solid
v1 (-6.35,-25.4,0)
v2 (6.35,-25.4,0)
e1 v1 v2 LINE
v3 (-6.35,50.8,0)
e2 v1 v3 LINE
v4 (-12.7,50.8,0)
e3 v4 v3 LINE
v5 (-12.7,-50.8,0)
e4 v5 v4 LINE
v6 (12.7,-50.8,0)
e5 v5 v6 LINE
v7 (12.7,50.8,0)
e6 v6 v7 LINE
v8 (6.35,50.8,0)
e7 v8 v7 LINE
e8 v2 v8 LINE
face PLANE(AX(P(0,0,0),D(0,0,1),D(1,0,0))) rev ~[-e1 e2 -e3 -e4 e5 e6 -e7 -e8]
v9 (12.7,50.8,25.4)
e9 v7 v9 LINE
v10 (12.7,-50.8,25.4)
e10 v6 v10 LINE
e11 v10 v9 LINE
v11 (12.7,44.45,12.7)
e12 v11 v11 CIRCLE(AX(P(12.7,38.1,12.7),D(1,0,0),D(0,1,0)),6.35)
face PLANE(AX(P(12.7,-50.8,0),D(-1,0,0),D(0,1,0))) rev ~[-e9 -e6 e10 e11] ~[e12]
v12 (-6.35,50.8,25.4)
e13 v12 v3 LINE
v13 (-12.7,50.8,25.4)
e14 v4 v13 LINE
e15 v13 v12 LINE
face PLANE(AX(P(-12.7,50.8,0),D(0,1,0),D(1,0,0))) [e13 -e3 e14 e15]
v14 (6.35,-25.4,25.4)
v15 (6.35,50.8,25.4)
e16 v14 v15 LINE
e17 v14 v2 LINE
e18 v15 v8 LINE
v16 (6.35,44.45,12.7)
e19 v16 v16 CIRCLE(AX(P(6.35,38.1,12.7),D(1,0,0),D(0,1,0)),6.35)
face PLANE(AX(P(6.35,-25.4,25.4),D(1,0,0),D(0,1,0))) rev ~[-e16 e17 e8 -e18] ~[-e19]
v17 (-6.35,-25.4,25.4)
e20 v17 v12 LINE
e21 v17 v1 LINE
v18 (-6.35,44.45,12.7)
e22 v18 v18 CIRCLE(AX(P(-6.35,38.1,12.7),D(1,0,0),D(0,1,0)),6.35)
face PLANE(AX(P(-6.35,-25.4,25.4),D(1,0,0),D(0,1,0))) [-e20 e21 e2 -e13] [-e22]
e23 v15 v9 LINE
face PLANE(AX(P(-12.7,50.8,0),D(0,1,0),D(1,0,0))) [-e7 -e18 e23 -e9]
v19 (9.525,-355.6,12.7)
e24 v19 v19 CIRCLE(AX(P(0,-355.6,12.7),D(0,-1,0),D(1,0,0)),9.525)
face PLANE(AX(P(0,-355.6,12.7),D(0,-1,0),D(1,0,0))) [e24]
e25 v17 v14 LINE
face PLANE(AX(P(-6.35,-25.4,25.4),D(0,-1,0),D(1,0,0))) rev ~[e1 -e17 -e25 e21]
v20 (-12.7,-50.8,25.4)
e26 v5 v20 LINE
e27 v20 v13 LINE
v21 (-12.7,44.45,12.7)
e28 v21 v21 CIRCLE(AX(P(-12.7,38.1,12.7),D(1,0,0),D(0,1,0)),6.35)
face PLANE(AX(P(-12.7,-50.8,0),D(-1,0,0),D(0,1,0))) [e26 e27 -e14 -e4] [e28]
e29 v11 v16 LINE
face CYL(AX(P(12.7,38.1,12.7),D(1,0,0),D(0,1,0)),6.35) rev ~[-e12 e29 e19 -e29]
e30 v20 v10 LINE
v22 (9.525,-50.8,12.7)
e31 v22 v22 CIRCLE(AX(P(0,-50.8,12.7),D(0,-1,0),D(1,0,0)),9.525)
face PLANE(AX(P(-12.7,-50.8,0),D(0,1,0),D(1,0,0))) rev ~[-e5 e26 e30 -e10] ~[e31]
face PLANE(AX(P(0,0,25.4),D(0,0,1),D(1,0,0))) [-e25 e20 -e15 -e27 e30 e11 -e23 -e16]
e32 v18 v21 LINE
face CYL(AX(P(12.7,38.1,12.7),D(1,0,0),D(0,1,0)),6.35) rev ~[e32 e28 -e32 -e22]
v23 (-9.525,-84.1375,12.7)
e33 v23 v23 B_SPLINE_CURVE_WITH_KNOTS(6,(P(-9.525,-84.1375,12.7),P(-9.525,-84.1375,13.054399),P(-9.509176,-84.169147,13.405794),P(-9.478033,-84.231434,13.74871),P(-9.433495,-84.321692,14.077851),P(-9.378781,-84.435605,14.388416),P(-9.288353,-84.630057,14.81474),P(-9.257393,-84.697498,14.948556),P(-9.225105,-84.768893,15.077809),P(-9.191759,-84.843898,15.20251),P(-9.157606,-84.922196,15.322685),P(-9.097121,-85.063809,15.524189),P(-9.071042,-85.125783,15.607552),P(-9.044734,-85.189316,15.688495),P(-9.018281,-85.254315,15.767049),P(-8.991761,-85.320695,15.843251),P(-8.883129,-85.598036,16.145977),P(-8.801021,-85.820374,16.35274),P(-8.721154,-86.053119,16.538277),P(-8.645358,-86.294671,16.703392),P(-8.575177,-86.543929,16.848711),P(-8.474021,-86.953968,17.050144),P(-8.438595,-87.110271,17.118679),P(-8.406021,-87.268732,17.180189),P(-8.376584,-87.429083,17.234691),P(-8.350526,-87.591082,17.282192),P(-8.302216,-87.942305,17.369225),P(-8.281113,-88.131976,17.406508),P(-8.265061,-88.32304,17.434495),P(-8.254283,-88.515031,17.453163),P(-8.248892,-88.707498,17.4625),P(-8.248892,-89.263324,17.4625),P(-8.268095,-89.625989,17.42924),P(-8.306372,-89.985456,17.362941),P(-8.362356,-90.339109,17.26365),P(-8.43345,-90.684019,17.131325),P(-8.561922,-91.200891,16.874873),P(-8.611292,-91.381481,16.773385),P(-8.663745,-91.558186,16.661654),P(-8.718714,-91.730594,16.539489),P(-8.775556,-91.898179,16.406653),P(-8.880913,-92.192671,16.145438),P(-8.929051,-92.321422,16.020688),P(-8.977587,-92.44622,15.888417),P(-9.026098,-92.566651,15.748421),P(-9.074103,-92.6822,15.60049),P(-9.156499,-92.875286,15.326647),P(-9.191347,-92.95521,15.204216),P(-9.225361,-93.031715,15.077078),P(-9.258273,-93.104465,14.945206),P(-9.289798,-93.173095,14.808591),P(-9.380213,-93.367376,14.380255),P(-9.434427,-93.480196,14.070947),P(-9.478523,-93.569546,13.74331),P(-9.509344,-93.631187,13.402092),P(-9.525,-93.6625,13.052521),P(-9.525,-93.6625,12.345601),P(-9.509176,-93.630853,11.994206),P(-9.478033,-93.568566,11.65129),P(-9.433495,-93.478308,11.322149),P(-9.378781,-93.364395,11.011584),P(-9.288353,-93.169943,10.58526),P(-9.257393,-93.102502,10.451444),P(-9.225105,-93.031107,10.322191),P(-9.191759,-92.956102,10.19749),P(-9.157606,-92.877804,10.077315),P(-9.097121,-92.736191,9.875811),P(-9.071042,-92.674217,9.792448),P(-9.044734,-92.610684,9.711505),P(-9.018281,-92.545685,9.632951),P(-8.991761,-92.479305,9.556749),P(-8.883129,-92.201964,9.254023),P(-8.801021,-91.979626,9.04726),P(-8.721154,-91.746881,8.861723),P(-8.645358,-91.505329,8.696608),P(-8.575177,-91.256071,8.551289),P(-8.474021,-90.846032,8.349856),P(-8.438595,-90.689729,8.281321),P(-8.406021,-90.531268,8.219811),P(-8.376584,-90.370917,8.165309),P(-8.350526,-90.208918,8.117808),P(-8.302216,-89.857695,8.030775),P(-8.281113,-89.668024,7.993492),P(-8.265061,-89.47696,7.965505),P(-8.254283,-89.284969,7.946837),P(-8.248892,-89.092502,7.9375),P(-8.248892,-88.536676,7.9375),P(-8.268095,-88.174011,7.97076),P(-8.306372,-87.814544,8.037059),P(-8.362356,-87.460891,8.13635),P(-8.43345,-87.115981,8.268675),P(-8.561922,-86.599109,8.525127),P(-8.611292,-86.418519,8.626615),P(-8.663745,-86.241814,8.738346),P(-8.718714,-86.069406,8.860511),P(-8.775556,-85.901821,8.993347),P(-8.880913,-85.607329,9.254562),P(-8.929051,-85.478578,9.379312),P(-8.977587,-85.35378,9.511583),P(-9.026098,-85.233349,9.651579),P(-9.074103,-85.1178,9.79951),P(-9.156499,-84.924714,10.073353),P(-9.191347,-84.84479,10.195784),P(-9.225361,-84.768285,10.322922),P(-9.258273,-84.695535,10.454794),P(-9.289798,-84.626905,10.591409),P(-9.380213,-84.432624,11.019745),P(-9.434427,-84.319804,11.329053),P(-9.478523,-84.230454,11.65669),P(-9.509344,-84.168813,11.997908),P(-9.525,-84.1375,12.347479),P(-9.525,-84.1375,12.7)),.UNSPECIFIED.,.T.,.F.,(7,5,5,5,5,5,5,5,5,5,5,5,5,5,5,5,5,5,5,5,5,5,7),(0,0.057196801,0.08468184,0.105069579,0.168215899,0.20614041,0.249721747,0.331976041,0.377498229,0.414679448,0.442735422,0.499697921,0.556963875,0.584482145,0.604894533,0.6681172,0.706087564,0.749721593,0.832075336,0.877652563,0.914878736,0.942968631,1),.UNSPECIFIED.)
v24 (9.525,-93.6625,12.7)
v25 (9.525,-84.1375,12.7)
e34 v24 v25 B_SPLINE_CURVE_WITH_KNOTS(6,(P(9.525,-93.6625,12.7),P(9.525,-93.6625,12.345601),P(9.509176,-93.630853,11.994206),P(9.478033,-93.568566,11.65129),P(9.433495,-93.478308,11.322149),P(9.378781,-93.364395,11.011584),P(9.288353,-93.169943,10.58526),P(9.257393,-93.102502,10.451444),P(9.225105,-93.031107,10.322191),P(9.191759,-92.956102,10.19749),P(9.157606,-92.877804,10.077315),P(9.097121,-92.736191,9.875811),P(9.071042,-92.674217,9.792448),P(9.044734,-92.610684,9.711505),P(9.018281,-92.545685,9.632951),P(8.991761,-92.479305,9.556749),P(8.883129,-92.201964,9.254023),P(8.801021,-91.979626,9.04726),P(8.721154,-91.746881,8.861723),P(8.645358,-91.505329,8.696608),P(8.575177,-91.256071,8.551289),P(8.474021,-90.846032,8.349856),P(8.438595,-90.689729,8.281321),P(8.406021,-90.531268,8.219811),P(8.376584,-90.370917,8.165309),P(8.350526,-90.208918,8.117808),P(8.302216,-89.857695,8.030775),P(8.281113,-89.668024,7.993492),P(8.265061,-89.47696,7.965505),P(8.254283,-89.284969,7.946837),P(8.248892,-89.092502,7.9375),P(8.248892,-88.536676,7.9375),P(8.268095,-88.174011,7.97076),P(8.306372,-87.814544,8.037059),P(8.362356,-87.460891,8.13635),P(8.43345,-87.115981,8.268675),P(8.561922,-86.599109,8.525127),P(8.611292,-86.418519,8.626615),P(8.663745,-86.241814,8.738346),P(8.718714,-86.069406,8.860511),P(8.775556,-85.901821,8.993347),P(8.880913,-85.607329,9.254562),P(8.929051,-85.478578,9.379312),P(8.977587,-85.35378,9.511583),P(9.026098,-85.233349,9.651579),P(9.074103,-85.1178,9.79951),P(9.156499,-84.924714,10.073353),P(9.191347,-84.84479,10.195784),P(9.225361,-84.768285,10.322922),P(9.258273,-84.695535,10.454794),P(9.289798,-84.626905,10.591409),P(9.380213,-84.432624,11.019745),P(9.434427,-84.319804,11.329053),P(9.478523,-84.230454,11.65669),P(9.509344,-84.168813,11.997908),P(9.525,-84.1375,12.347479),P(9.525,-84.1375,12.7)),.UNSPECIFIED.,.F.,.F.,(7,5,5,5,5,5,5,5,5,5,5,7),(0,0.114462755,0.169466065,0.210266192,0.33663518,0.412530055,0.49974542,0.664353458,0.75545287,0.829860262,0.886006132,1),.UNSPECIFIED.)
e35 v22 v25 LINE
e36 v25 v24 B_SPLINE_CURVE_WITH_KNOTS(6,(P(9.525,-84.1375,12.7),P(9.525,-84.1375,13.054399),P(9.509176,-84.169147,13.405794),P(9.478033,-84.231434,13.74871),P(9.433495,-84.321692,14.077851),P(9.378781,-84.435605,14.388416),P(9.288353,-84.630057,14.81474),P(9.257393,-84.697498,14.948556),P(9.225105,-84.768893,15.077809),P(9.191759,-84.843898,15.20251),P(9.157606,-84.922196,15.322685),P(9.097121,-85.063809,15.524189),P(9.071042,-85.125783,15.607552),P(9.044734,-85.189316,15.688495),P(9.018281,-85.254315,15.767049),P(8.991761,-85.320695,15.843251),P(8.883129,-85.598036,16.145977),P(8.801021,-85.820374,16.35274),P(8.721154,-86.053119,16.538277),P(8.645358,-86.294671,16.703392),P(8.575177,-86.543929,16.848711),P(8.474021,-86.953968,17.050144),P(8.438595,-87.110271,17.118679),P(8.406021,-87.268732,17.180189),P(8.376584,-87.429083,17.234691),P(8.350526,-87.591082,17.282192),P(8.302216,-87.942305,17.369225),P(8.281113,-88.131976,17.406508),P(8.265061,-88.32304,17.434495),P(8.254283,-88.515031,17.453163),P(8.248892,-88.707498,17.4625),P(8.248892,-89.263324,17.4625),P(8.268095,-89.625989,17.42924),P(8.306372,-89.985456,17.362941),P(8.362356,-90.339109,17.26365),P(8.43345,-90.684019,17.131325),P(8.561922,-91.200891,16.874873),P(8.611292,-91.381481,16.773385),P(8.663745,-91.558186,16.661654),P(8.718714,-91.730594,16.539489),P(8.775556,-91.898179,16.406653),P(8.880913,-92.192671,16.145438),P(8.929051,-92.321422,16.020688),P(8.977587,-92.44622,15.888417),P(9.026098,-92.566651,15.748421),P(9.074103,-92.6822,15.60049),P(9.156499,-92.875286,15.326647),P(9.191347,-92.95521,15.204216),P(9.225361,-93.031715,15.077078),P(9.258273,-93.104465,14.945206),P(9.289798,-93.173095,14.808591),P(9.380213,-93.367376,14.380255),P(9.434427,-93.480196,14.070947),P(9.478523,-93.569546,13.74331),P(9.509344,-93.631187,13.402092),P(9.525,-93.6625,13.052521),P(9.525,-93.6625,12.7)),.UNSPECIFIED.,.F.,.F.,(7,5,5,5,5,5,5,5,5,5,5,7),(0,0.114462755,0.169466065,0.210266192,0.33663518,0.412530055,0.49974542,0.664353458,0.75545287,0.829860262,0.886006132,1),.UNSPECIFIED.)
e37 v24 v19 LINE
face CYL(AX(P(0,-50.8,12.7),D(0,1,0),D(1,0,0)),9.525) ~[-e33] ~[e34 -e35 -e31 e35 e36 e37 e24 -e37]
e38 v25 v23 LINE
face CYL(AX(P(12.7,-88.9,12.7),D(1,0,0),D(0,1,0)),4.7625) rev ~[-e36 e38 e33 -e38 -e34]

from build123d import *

# Parameters (mm, degrees)
F0_W     = 25.4
F0_H     = 101.6
F1_DEPTH = 25.4
F2_W     = 12.7
F2_H     = 101.6
F3_DEPTH = 25.401
F4_R     = 6.35
F5_DEPTH = 25.401
F6_R     = 9.525
F7_DEPTH = 304.8
F8_R     = 4.7625
F9_DEPTH = 25.401


with BuildPart() as f1:
    # F0 (on Top) → F1 (new body)
    with BuildSketch(Plane.XY):
        Rectangle(F0_W, F0_H)
    extrude(amount=F1_DEPTH)

    # F2 (on face) → F3 (cut, through all)
    with BuildSketch(Plane.XY.offset(25.4)):
        with Locations((0, 25.4)):
            Rectangle(F2_W, F2_H)
    extrude(amount=-F3_DEPTH, mode=Mode.SUBTRACT)

    # F4 (on face) → F5 (cut, through all)
    with BuildSketch(Plane.YZ.offset(12.7)):
        with Locations((38.1, 12.7)):
            Circle(F4_R)
    extrude(amount=-F5_DEPTH, mode=Mode.SUBTRACT)

    # F6 (on face) → F7 (join)
    with BuildSketch(Plane.XZ.offset(50.8)):
        with Locations((0, 12.7)):
            Circle(F6_R)
    extrude(amount=F7_DEPTH)

    # F8 (on face) → F9 (cut, through all)
    with BuildSketch(Plane.YZ.offset(12.7)):
        with Locations((-88.9, 12.7)):
            Circle(F8_R)
    extrude(amount=-F9_DEPTH, mode=Mode.SUBTRACT)


solid = f1.part
